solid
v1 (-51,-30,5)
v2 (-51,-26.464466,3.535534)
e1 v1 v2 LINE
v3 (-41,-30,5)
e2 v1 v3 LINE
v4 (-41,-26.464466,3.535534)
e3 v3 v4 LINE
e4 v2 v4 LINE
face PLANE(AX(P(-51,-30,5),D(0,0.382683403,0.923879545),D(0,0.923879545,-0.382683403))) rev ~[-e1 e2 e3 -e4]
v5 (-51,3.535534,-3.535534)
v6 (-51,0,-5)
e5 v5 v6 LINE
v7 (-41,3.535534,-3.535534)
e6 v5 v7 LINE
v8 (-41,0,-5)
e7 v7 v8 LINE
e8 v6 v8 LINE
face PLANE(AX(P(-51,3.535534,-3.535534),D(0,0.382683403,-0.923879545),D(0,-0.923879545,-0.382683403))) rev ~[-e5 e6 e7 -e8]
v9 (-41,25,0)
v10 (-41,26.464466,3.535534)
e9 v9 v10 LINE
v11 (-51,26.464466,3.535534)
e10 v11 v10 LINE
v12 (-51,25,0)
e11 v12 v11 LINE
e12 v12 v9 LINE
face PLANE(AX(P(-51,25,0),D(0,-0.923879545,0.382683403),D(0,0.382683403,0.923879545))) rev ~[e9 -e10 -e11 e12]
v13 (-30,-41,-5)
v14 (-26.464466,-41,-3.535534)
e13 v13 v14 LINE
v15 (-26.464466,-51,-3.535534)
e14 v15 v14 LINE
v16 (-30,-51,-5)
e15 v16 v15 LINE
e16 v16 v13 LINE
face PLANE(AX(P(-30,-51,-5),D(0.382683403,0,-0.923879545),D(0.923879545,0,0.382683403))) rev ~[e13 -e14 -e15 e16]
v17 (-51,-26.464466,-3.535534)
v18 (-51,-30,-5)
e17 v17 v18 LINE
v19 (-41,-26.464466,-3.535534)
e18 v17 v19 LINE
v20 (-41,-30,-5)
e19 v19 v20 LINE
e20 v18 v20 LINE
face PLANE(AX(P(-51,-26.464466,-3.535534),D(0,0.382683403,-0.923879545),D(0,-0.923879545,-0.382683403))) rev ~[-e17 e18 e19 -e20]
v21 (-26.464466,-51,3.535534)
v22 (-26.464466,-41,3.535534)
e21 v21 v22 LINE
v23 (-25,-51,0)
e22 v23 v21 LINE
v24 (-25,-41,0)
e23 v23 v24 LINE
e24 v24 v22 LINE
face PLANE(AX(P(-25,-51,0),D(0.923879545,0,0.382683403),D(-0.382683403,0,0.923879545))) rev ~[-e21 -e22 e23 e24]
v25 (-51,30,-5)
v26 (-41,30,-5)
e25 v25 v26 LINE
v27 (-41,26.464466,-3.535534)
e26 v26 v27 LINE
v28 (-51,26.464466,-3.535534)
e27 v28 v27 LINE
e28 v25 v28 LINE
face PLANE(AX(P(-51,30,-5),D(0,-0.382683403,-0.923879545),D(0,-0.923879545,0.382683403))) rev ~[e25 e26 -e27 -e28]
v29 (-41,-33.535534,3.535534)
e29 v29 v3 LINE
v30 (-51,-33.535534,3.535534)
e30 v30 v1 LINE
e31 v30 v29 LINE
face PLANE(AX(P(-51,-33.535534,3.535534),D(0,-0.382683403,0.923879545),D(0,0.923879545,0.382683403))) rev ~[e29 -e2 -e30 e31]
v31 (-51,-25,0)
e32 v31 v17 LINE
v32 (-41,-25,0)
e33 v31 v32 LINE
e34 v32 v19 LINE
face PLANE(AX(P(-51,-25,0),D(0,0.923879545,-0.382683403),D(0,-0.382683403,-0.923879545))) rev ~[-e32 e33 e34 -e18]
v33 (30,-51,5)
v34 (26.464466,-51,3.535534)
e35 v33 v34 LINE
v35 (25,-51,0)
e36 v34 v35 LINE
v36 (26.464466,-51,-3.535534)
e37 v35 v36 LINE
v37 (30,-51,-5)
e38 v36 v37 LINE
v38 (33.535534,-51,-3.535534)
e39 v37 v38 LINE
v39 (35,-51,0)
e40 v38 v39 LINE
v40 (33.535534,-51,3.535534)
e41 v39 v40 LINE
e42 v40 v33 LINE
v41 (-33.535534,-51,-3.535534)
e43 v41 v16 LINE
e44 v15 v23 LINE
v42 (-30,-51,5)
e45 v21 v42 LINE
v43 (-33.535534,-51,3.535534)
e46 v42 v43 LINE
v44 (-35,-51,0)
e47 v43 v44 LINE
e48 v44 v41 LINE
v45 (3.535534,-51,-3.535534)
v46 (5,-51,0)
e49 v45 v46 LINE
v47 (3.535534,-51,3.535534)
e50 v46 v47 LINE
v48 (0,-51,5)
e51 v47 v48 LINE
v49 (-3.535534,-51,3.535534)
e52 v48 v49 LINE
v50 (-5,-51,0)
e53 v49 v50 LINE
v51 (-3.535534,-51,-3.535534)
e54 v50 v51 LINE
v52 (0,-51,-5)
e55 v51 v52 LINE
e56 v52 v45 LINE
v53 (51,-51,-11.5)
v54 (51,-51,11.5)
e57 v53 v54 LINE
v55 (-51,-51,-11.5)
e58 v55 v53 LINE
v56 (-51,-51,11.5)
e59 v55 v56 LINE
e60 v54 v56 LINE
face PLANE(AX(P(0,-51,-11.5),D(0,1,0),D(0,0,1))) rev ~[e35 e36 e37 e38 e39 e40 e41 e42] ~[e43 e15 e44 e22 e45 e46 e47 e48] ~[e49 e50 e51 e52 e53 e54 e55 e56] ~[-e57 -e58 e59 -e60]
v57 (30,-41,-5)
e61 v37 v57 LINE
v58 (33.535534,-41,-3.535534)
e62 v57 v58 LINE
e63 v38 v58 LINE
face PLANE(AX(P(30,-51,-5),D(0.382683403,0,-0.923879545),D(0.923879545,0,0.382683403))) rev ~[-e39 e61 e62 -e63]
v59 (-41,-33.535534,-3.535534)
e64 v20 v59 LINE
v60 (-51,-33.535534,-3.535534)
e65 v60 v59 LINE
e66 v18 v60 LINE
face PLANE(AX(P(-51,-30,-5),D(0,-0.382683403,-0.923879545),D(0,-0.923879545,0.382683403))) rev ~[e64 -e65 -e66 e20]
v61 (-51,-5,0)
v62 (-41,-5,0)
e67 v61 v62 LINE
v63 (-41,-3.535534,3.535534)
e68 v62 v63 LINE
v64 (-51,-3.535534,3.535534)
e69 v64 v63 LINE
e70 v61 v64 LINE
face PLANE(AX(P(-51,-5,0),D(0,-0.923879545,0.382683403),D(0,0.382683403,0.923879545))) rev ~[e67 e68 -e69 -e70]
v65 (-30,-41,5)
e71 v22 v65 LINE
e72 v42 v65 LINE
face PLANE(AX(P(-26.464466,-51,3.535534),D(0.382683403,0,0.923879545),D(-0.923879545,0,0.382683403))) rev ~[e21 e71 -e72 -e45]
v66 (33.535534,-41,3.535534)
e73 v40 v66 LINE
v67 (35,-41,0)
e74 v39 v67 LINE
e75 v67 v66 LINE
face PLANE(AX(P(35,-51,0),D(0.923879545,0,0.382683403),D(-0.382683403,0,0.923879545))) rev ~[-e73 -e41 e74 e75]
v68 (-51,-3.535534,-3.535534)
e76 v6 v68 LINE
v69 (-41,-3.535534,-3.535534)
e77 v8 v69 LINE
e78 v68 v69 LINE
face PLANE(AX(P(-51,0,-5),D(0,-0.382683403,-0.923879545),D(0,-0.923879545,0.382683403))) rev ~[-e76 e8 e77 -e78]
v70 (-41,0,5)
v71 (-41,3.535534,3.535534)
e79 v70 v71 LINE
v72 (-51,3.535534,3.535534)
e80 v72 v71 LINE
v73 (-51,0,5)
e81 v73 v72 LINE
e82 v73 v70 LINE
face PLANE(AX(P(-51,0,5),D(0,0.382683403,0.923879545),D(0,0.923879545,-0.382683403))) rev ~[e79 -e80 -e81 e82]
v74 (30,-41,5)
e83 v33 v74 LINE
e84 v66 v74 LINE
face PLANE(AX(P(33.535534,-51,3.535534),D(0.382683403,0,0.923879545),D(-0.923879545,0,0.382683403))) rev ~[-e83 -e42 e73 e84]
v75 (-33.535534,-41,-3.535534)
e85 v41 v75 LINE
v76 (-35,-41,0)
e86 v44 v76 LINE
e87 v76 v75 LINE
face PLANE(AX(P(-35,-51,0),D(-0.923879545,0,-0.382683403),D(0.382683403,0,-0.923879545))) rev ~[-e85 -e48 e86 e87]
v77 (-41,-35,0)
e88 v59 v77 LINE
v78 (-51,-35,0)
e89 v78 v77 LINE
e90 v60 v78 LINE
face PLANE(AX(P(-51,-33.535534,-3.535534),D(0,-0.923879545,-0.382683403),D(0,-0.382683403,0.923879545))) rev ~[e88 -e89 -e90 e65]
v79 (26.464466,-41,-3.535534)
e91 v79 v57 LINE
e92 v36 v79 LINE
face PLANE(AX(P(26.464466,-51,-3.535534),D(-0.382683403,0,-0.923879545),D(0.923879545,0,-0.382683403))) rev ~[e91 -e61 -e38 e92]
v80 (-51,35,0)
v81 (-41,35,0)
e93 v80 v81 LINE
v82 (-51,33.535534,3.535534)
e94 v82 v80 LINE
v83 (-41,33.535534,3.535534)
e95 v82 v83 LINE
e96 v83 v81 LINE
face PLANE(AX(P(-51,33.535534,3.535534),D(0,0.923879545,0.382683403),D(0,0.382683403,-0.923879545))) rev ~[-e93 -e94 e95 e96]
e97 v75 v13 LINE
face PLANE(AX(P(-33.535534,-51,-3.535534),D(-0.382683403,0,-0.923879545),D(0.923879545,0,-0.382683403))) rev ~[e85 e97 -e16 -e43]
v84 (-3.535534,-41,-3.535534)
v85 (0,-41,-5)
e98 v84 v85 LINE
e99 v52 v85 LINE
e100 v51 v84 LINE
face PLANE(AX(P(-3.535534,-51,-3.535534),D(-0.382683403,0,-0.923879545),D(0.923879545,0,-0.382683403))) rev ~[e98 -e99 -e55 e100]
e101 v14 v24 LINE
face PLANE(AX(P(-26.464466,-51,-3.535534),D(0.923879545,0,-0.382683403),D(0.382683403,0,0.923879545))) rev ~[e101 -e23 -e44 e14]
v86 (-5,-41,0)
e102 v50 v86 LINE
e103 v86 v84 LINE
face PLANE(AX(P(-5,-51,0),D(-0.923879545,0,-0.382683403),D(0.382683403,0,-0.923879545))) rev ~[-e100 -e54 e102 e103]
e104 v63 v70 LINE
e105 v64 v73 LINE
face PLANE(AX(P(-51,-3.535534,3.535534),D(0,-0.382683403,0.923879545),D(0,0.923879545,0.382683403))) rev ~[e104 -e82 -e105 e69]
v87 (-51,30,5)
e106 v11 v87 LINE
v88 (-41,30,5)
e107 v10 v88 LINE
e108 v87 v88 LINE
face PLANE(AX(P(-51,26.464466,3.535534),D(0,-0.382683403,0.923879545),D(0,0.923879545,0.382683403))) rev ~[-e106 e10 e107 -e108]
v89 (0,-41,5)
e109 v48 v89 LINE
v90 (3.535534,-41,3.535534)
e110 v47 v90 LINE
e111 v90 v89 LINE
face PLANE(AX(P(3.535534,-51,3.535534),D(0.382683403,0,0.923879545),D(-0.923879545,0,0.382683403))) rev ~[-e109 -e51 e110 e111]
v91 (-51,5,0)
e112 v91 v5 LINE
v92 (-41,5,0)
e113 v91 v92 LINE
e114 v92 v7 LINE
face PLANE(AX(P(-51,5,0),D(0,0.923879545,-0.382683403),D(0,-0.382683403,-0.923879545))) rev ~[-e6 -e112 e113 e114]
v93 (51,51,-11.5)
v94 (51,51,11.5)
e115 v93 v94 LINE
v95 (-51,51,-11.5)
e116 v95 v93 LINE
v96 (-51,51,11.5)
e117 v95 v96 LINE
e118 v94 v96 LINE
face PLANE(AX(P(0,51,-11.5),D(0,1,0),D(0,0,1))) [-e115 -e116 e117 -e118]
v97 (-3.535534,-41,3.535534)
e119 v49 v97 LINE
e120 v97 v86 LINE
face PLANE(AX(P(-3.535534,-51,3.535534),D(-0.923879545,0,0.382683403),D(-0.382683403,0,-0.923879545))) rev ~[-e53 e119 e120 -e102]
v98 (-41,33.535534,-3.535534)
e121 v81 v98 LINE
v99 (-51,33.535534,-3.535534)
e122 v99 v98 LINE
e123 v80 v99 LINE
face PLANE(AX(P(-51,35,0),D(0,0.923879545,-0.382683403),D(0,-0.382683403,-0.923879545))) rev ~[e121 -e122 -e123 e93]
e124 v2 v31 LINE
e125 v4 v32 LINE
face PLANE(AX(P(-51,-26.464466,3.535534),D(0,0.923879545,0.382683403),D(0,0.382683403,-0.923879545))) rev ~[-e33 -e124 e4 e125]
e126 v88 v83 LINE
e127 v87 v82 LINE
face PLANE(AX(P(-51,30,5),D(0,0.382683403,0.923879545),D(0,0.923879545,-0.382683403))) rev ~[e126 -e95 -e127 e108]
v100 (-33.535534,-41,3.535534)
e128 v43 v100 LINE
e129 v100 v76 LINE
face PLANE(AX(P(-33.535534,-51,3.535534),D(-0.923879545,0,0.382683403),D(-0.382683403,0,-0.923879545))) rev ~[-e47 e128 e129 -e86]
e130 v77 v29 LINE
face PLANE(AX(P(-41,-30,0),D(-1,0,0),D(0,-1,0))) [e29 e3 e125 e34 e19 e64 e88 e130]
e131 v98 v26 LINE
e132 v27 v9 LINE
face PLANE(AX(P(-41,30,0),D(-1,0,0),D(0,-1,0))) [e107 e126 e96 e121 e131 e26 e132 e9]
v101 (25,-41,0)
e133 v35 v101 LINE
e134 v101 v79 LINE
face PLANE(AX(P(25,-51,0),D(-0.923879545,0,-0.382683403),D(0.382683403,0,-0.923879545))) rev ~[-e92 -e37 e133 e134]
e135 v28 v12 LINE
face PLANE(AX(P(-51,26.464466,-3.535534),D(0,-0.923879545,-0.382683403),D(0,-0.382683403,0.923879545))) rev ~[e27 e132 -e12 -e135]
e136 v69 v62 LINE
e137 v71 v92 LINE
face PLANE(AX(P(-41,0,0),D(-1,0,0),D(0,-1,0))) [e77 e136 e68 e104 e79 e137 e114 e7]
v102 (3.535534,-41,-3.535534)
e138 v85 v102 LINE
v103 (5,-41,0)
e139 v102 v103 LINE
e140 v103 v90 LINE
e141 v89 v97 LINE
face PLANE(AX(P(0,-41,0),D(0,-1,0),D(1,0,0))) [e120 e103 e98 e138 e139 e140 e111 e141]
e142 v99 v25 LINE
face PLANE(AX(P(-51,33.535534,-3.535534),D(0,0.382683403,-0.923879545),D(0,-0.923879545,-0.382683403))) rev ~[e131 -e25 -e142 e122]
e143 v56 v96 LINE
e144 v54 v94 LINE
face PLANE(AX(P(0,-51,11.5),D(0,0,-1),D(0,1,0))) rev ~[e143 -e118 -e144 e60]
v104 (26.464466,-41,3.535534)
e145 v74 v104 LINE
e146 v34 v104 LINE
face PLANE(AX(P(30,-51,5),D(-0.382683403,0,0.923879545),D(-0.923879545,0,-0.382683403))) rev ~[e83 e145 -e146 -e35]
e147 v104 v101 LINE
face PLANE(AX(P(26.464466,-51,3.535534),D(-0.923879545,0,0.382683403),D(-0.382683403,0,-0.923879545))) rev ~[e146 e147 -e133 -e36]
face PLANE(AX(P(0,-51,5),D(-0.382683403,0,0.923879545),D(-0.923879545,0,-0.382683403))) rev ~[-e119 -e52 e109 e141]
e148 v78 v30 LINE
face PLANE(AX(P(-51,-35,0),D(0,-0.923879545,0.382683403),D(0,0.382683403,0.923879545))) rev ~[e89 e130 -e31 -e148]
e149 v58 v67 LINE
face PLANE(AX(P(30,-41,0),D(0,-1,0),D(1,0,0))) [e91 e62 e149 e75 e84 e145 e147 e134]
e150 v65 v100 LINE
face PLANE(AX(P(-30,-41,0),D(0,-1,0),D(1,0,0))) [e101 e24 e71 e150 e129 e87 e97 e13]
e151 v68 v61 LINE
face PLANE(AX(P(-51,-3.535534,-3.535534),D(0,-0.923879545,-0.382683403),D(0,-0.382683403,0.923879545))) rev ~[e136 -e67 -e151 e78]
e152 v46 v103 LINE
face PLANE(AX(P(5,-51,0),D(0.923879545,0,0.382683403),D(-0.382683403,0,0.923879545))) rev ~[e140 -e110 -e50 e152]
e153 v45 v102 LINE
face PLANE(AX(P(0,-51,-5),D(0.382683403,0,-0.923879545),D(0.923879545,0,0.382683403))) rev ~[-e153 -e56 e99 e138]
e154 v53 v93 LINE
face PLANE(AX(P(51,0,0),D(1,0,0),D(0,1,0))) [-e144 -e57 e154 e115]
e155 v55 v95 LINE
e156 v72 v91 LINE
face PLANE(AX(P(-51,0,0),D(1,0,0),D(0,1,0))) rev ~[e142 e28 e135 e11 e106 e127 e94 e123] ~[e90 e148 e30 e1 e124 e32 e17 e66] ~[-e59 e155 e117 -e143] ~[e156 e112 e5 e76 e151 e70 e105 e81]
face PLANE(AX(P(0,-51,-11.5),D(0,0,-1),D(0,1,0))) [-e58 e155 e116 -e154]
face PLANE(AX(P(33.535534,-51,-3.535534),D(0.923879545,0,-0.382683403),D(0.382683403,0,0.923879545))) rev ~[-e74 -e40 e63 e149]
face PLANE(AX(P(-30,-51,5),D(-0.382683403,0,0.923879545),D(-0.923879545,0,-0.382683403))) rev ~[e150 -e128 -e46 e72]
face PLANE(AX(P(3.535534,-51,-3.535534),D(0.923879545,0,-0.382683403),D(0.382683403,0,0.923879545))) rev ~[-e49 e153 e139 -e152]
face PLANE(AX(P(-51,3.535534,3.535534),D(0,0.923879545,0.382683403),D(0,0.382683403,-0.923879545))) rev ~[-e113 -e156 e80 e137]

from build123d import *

# Parameters (mm, degrees)
F0_W     = 102
F0_H     = 23
F1_DEPTH = 51
F3_DEPTH = 10
F5_DEPTH = 10


with BuildPart() as f1:
    # F0 (on Right) → F1 (new body, symmetric)
    with BuildSketch(Plane.YZ):
        Rectangle(F0_W, F0_H)
    extrude(amount=F1_DEPTH, both=True)

    # F2 (on face) → F3 (cut)
    with BuildSketch(Plane.XZ.offset(51)):
        Polygon((3.535534, -3.535534), (5, 0), (3.535534, 3.535534), (0, 5), (-3.535534, 3.535534), (-5, 0), (-3.535534, -3.535534), (0, -5), align=None)
        Polygon((33.535534, 3.535534), (30, 5), (26.464466, 3.535534), (25, 0), (26.464466, -3.535534), (30, -5), (33.535534, -3.535534), (35, 0), align=None)
        Polygon((-26.464466, 3.535534), (-30, 5), (-33.535534, 3.535534), (-35, 0), (-33.535534, -3.535534), (-30, -5), (-26.464466, -3.535534), (-25, 0), align=None)
    extrude(amount=-F3_DEPTH, mode=Mode.SUBTRACT)

    # F4 (on face) → F5 (cut)
    with BuildSketch(Plane(origin=(-51, 0, 0), x_dir=(0, -1, 0), z_dir=(-1, 0, 0))):
        Polygon((3.535534, -3.535534), (5, 0), (3.535534, 3.535534), (0, 5), (-3.535534, 3.535534), (-5, 0), (-3.535534, -3.535534), (0, -5), align=None)
        Polygon((30, 5), (26.464466, 3.535534), (25, 0), (26.464466, -3.535534), (30, -5), (33.535534, -3.535534), (35, 0), (33.535534, 3.535534), align=None)
        Polygon((-25, 0), (-26.464466, 3.535534), (-30, 5), (-33.535534, 3.535534), (-35, 0), (-33.535534, -3.535534), (-30, -5), (-26.464466, -3.535534), align=None)
    extrude(amount=-F5_DEPTH, mode=Mode.SUBTRACT)


with BuildPart() as f6_1:
    # F6: copy of F1
    add(f1.part)


solid = f1.part
